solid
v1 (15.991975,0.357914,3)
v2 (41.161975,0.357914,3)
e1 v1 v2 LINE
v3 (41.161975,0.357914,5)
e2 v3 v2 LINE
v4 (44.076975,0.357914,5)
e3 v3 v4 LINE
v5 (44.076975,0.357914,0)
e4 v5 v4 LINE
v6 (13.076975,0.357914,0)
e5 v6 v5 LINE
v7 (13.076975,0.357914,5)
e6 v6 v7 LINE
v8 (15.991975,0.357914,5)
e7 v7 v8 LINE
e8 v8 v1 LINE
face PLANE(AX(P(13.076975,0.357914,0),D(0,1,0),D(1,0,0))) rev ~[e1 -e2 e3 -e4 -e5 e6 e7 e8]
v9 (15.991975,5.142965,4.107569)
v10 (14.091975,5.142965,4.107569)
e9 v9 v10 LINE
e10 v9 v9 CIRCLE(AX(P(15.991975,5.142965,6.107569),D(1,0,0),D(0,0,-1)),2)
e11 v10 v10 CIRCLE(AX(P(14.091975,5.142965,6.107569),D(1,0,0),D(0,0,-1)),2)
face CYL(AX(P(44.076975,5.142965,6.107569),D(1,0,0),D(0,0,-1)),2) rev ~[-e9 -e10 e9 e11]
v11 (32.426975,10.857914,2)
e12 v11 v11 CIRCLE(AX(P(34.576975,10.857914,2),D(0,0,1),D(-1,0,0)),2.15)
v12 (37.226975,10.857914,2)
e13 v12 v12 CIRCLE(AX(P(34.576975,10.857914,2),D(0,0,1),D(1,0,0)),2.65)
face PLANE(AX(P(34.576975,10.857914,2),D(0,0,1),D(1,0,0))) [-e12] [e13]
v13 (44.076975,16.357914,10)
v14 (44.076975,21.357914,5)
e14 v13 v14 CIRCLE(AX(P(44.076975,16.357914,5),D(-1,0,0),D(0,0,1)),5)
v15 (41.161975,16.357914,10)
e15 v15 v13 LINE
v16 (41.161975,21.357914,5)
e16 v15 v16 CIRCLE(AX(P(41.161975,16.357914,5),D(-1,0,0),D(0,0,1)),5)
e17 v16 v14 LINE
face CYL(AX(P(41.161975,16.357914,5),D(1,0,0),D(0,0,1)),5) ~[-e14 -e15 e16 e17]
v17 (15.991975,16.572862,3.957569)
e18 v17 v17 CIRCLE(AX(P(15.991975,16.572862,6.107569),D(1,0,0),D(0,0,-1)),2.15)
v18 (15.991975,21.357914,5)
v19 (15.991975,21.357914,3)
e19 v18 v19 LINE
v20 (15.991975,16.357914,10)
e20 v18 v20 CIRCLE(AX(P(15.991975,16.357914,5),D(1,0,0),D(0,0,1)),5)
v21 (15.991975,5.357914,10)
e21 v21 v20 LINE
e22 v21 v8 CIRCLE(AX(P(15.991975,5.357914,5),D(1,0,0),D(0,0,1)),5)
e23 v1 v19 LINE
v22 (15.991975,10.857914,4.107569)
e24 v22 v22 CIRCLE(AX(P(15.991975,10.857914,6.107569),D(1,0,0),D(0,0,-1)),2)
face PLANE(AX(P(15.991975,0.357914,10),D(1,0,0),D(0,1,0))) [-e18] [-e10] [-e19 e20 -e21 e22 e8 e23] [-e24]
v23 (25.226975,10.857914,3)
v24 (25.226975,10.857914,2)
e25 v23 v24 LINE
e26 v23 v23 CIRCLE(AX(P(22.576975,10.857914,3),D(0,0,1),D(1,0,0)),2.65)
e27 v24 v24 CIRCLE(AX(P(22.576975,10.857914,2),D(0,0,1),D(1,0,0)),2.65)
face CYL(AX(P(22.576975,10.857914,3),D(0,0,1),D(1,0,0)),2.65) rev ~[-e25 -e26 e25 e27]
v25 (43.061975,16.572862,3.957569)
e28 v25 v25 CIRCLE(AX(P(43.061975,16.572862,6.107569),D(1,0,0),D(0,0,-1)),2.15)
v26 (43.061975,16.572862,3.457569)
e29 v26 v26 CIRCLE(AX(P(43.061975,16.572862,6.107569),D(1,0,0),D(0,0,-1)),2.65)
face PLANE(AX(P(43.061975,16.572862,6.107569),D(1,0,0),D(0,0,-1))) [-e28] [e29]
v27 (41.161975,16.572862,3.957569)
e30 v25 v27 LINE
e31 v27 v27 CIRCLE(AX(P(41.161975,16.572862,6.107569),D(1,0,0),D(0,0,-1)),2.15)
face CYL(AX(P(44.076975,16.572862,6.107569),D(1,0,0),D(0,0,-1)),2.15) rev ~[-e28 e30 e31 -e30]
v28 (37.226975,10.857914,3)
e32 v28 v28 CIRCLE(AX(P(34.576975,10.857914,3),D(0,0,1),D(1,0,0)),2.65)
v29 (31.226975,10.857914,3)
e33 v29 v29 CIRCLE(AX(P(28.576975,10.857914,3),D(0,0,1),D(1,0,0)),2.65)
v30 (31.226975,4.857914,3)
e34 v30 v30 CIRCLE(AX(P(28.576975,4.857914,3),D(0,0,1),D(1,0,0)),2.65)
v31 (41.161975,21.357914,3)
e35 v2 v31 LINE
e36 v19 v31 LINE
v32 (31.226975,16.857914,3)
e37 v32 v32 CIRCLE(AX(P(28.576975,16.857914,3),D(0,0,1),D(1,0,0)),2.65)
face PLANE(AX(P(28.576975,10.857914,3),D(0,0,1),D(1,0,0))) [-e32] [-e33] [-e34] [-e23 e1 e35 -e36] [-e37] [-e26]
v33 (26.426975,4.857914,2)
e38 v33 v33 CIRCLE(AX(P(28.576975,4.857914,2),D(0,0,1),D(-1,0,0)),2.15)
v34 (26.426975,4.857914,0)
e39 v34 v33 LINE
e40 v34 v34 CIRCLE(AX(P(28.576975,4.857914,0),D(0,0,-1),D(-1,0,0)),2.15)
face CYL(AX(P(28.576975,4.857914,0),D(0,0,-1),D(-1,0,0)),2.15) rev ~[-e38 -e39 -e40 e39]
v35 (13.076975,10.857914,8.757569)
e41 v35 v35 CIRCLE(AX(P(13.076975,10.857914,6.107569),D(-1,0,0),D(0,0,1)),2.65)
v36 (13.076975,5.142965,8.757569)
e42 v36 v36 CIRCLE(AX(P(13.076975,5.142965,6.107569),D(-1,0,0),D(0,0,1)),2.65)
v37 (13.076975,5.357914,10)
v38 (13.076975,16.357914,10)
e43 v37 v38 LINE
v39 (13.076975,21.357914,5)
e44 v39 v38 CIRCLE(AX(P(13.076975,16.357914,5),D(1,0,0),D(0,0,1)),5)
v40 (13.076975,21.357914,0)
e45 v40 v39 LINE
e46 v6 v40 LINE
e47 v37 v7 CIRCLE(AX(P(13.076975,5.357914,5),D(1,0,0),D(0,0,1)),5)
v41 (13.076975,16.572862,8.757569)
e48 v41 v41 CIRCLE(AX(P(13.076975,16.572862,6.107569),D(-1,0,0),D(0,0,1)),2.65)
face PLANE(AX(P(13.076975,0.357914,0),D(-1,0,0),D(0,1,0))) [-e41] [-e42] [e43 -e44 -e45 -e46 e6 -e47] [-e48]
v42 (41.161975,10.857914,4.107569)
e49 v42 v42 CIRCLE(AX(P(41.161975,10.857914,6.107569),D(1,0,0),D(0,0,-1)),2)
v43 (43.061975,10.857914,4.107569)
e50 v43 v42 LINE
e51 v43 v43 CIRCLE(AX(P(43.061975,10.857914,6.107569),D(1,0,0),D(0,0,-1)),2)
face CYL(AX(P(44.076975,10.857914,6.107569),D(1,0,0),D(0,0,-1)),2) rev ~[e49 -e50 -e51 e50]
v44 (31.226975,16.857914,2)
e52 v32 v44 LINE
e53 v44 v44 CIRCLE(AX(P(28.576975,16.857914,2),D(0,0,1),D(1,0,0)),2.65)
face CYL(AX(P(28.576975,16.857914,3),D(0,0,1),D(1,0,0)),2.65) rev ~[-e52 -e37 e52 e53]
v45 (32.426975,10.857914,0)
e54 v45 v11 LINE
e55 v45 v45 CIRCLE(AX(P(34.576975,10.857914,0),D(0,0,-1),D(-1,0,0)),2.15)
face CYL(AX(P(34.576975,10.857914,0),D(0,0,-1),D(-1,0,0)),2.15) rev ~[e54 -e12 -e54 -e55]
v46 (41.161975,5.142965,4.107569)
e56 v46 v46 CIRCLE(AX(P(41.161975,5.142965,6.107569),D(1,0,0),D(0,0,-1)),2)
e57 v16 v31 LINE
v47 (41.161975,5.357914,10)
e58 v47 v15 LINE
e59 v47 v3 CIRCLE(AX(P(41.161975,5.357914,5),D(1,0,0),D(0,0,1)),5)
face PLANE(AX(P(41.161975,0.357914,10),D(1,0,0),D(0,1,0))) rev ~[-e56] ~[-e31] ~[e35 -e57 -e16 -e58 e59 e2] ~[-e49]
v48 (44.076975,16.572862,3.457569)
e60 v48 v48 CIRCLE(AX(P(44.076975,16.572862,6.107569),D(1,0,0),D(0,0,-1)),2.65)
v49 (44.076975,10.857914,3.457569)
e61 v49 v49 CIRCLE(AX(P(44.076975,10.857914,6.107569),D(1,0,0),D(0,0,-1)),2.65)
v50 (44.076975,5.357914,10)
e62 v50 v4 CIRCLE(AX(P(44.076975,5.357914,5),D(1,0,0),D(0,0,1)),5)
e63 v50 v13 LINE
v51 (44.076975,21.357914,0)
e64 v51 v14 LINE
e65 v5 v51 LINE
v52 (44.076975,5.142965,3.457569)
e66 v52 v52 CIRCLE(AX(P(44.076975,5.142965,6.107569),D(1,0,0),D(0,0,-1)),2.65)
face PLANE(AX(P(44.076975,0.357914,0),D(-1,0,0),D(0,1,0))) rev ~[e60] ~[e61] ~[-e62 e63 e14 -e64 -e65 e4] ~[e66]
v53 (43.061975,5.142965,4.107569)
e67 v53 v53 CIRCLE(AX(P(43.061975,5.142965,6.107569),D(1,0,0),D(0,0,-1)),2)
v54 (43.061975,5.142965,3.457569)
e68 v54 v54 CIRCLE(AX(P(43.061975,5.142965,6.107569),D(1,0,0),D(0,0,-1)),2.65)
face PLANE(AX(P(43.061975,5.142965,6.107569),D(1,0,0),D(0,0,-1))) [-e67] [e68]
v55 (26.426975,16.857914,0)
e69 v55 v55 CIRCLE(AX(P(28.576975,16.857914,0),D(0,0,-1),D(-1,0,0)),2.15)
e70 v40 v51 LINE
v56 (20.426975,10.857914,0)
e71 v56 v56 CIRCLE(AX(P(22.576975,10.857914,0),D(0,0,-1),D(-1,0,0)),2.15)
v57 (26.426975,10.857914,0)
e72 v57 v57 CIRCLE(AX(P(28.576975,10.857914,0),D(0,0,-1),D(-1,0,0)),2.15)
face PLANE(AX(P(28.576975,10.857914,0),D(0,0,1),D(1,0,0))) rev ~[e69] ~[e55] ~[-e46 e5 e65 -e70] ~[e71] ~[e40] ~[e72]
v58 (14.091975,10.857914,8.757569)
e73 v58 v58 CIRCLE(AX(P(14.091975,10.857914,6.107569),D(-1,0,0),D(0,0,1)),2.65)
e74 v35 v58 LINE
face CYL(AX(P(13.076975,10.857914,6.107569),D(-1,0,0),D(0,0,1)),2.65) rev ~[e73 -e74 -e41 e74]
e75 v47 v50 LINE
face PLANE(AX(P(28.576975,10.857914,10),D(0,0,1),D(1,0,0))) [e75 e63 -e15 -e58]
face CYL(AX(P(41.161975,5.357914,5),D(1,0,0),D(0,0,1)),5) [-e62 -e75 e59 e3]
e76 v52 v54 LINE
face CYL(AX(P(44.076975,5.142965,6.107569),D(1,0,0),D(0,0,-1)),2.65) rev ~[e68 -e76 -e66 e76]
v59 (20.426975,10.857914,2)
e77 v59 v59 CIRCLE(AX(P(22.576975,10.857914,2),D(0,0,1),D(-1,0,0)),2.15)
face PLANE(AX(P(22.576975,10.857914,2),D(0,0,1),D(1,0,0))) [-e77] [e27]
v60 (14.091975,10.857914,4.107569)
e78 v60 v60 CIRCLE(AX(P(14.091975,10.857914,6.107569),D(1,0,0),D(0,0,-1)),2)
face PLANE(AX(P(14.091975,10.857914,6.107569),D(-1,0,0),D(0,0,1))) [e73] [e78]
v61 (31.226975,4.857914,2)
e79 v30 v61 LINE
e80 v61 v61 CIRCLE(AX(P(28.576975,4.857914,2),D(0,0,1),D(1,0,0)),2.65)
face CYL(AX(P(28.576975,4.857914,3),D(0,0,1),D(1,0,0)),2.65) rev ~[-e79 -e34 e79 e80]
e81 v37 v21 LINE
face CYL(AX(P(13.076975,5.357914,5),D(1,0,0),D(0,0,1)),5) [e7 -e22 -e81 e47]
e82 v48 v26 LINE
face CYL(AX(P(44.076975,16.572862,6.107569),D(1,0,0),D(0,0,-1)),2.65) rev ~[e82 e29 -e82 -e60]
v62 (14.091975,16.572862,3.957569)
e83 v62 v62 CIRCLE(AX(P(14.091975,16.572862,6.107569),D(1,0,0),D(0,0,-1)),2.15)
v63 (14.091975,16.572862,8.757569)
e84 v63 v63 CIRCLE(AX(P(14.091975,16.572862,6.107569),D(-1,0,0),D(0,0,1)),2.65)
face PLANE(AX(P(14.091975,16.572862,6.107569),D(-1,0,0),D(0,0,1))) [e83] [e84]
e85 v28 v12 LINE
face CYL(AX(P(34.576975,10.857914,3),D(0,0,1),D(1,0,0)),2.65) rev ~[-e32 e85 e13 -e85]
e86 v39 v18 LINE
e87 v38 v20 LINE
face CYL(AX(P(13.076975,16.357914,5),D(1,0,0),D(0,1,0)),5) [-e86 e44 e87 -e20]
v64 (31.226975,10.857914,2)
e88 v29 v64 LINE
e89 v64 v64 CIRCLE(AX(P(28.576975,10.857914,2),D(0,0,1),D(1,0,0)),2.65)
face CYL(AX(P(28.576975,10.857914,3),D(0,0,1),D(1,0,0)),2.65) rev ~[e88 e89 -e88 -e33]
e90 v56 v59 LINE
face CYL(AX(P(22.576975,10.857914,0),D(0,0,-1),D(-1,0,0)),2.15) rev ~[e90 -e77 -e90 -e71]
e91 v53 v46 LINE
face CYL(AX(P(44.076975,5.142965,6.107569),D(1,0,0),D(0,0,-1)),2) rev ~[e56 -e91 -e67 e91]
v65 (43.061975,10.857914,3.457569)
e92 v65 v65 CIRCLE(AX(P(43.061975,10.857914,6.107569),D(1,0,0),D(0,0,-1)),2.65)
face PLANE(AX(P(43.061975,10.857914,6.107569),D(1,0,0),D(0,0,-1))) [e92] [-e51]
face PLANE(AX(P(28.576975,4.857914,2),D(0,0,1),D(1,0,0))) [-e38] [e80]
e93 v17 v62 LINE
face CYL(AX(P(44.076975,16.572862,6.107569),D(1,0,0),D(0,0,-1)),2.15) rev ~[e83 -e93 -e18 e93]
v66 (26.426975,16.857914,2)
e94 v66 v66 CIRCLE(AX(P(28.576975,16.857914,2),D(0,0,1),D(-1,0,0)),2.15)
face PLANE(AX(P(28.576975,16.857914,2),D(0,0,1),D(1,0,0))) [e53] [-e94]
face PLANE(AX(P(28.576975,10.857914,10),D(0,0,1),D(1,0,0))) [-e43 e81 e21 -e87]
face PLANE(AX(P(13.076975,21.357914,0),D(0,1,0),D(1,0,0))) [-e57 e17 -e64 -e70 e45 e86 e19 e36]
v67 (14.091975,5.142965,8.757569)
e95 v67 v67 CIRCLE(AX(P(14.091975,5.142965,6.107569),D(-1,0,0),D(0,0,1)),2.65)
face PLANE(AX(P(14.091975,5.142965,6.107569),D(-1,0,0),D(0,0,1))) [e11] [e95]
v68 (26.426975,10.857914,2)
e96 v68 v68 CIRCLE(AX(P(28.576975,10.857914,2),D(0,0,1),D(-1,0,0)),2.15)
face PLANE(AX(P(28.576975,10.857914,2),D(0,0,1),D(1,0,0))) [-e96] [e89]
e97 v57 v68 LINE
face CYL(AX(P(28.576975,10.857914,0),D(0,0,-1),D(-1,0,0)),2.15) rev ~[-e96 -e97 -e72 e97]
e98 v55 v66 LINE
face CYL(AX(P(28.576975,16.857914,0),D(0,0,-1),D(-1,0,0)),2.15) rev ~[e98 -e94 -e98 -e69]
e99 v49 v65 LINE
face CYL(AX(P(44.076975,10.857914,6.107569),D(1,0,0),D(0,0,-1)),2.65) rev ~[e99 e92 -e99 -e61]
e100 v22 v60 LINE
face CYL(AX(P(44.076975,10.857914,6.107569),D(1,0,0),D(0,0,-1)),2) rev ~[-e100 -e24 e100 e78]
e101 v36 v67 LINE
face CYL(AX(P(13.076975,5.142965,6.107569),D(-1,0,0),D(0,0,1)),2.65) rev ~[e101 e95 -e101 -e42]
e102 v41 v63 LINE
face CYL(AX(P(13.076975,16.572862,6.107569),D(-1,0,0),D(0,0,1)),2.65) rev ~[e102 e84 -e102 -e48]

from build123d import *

# Parameters (mm, degrees)
CROQUIS1_W              = 31
CROQUIS1_H              = 21
SALIENTE_EXTRUIR1_DEPTH = 10
CROQUIS2_W              = 25.17
CROQUIS2_H              = 21
CORTAR_EXTRUIR1_DEPTH   = 7
CROQUIS5_R              = 2.15
CORTAR_EXTRUIR2_DEPTH   = 50.989400856
CROQUIS6_R              = 2
CROQUIS6_R_2            = 2.15
CORTAR_EXTRUIR4_DEPTH   = 39.950744164
CROQUIS6_3_R            = 2.65
CROQUIS6_3_R_2          = 2
CROQUIS6_3_R_3          = 2.15
CORTAR_EXTRUIR5_DEPTH   = 1.015
CORTAR_EXTRUIR6_START   = -1.015
CROQUIS9_R              = 2.65
CROQUIS9_R_2            = 2.15
CROQUIS9_R_3            = 2
CORTAR_EXTRUIR6_DEPTH   = 1.015
REDONDEO5_R             = 5
CORTAR_EXTRUIR8_START   = -1
CROQUIS10_R             = 2.65
CROQUIS10_R_2           = 2.15
CORTAR_EXTRUIR8_DEPTH   = 1


with BuildPart() as part:
    # Croquis1 → Saliente-Extruir1 (new body)
    with BuildSketch(Plane.XY):
        with Locations((28.576975021, 10.857913544)):
            Rectangle(CROQUIS1_W, CROQUIS1_H)
    extrude(amount=SALIENTE_EXTRUIR1_DEPTH)

    # Croquis2 → Cortar-Extruir1 (cut)
    with BuildSketch(Plane.XY.offset(10)):
        with Locations((28.576975021, 10.857913544)):
            Rectangle(CROQUIS2_W, CROQUIS2_H)
    extrude(amount=-CORTAR_EXTRUIR1_DEPTH, mode=Mode.SUBTRACT)

    # Croquis5 → Cortar-Extruir2 (cut, through all)
    with BuildSketch(Plane(origin=(0, 0, 0), x_dir=(-1, 0, 0), z_dir=(0, 0, -1))):
        with Locations((-28.576975021, 16.857913544)):
            Circle(CROQUIS5_R)
        with Locations((-22.576975021, 10.857913544)):
            Circle(CROQUIS5_R)
        with Locations((-34.576975021, 10.857913544)):
            Circle(CROQUIS5_R)
        with Locations((-28.576975021, 4.857913544)):
            Circle(CROQUIS5_R)
        with Locations((-28.576975021, 10.857913544)):
            Circle(CROQUIS5_R)
    extrude(amount=-CORTAR_EXTRUIR2_DEPTH, mode=Mode.SUBTRACT)

    # Croquis6 → Cortar-Extruir4 (cut, through all)
    with BuildSketch(Plane(origin=(44.076975021, 0, 0), x_dir=(0, 0, -1), z_dir=(1, 0, 0))):
        with Locations((-6.107568768, 5.142964849)):
            Circle(CROQUIS6_R)
        with Locations((-6.107568768, 10.857913544)):
            Circle(CROQUIS6_R)
        with Locations((-6.107568768, 16.572862239)):
            Circle(CROQUIS6_R_2)
    extrude(amount=-CORTAR_EXTRUIR4_DEPTH, mode=Mode.SUBTRACT)

    # Croquis6<3> → Cortar-Extruir5 (cut)
    # profile 1 of 3: a face of its own
    with BuildSketch(Plane(origin=(44.076975021, 0, 0), x_dir=(0, 0, -1), z_dir=(1, 0, 0))):
        with Locations((-6.107568768, 5.142964849)):
            Circle(CROQUIS6_3_R)
        with Locations((-6.107568768, 5.142964849)):
            Circle(CROQUIS6_3_R_2, mode=Mode.SUBTRACT)
    # profile 2 of 3: a face of its own
    with BuildSketch(Plane(origin=(44.076975021, 0, 0), x_dir=(0, 0, -1), z_dir=(1, 0, 0))):
        with Locations((-6.107568768, 10.857913544)):
            Circle(CROQUIS6_3_R)
        with Locations((-6.107568768, 10.857913544)):
            Circle(CROQUIS6_3_R_2, mode=Mode.SUBTRACT)
    # profile 3 of 3: a face of its own
    with BuildSketch(Plane(origin=(44.076975021, 0, 0), x_dir=(0, 0, -1), z_dir=(1, 0, 0))):
        with Locations((-6.107568768, 16.572862239)):
            Circle(CROQUIS6_3_R)
        with Locations((-6.107568768, 16.572862239)):
            Circle(CROQUIS6_3_R_3, mode=Mode.SUBTRACT)
    extrude(amount=-CORTAR_EXTRUIR5_DEPTH, mode=Mode.SUBTRACT)

    # Croquis9 → Cortar-Extruir6 (cut)
    # profile 1 of 3: a face of its own
    with BuildSketch(Plane.ZY.offset(-13.076975021).offset(CORTAR_EXTRUIR6_START)):
        with Locations((6.107568768, 16.572862239)):
            Circle(CROQUIS9_R)
        with Locations((6.107568768, 16.572862239)):
            Circle(CROQUIS9_R_2, mode=Mode.SUBTRACT)
    # profile 2 of 3: a face of its own
    with BuildSketch(Plane.ZY.offset(-13.076975021).offset(CORTAR_EXTRUIR6_START)):
        with Locations((6.107568768, 10.857913544)):
            Circle(CROQUIS9_R)
        with Locations((6.107568768, 10.857913544)):
            Circle(CROQUIS9_R_3, mode=Mode.SUBTRACT)
    # profile 3 of 3: a face of its own
    with BuildSketch(Plane.ZY.offset(-13.076975021).offset(CORTAR_EXTRUIR6_START)):
        with Locations((6.107568768, 5.142964849)):
            Circle(CROQUIS9_R)
        with Locations((6.107568768, 5.142964849)):
            Circle(CROQUIS9_R_3, mode=Mode.SUBTRACT)
    extrude(amount=CORTAR_EXTRUIR6_DEPTH, mode=Mode.SUBTRACT)

    # Redondeo5
    redondeo5_edges = [part.edges().sort_by_distance(p)[0] for p in [
        (14.534475021, 0.357913544, 10),
        (42.619475021, 0.357913544, 10),
        (42.619475021, 21.357913544, 10),
        (14.534475021, 21.357913544, 10),
    ]]
    fillet(redondeo5_edges, radius=REDONDEO5_R)

    # Croquis10 → Cortar-Extruir8 (cut)
    # profile 1 of 5: a face of its own
    with BuildSketch(Plane.XY.offset(3).offset(CORTAR_EXTRUIR8_START)):
        with Locations((28.576975021, 16.857913544)):
            Circle(CROQUIS10_R)
        with Locations((28.576975021, 16.857913544)):
            Circle(CROQUIS10_R_2, mode=Mode.SUBTRACT)
    # profile 2 of 5: a face of its own
    with BuildSketch(Plane.XY.offset(3).offset(CORTAR_EXTRUIR8_START)):
        with Locations((34.576975021, 10.857913544)):
            Circle(CROQUIS10_R)
        with Locations((34.576975021, 10.857913544)):
            Circle(CROQUIS10_R_2, mode=Mode.SUBTRACT)
    # profile 3 of 5: a face of its own
    with BuildSketch(Plane.XY.offset(3).offset(CORTAR_EXTRUIR8_START)):
        with Locations((28.576975021, 10.857913544)):
            Circle(CROQUIS10_R)
        with Locations((28.576975021, 10.857913544)):
            Circle(CROQUIS10_R_2, mode=Mode.SUBTRACT)
    # profile 4 of 5: a face of its own
    with BuildSketch(Plane.XY.offset(3).offset(CORTAR_EXTRUIR8_START)):
        with Locations((22.576975021, 10.857913544)):
            Circle(CROQUIS10_R)
        with Locations((22.576975021, 10.857913544)):
            Circle(CROQUIS10_R_2, mode=Mode.SUBTRACT)
    # profile 5 of 5: a face of its own
    with BuildSketch(Plane.XY.offset(3).offset(CORTAR_EXTRUIR8_START)):
        with Locations((28.576975021, 4.857913544)):
            Circle(CROQUIS10_R)
        with Locations((28.576975021, 4.857913544)):
            Circle(CROQUIS10_R_2, mode=Mode.SUBTRACT)
    extrude(amount=CORTAR_EXTRUIR8_DEPTH, mode=Mode.SUBTRACT)


solid = part.part
